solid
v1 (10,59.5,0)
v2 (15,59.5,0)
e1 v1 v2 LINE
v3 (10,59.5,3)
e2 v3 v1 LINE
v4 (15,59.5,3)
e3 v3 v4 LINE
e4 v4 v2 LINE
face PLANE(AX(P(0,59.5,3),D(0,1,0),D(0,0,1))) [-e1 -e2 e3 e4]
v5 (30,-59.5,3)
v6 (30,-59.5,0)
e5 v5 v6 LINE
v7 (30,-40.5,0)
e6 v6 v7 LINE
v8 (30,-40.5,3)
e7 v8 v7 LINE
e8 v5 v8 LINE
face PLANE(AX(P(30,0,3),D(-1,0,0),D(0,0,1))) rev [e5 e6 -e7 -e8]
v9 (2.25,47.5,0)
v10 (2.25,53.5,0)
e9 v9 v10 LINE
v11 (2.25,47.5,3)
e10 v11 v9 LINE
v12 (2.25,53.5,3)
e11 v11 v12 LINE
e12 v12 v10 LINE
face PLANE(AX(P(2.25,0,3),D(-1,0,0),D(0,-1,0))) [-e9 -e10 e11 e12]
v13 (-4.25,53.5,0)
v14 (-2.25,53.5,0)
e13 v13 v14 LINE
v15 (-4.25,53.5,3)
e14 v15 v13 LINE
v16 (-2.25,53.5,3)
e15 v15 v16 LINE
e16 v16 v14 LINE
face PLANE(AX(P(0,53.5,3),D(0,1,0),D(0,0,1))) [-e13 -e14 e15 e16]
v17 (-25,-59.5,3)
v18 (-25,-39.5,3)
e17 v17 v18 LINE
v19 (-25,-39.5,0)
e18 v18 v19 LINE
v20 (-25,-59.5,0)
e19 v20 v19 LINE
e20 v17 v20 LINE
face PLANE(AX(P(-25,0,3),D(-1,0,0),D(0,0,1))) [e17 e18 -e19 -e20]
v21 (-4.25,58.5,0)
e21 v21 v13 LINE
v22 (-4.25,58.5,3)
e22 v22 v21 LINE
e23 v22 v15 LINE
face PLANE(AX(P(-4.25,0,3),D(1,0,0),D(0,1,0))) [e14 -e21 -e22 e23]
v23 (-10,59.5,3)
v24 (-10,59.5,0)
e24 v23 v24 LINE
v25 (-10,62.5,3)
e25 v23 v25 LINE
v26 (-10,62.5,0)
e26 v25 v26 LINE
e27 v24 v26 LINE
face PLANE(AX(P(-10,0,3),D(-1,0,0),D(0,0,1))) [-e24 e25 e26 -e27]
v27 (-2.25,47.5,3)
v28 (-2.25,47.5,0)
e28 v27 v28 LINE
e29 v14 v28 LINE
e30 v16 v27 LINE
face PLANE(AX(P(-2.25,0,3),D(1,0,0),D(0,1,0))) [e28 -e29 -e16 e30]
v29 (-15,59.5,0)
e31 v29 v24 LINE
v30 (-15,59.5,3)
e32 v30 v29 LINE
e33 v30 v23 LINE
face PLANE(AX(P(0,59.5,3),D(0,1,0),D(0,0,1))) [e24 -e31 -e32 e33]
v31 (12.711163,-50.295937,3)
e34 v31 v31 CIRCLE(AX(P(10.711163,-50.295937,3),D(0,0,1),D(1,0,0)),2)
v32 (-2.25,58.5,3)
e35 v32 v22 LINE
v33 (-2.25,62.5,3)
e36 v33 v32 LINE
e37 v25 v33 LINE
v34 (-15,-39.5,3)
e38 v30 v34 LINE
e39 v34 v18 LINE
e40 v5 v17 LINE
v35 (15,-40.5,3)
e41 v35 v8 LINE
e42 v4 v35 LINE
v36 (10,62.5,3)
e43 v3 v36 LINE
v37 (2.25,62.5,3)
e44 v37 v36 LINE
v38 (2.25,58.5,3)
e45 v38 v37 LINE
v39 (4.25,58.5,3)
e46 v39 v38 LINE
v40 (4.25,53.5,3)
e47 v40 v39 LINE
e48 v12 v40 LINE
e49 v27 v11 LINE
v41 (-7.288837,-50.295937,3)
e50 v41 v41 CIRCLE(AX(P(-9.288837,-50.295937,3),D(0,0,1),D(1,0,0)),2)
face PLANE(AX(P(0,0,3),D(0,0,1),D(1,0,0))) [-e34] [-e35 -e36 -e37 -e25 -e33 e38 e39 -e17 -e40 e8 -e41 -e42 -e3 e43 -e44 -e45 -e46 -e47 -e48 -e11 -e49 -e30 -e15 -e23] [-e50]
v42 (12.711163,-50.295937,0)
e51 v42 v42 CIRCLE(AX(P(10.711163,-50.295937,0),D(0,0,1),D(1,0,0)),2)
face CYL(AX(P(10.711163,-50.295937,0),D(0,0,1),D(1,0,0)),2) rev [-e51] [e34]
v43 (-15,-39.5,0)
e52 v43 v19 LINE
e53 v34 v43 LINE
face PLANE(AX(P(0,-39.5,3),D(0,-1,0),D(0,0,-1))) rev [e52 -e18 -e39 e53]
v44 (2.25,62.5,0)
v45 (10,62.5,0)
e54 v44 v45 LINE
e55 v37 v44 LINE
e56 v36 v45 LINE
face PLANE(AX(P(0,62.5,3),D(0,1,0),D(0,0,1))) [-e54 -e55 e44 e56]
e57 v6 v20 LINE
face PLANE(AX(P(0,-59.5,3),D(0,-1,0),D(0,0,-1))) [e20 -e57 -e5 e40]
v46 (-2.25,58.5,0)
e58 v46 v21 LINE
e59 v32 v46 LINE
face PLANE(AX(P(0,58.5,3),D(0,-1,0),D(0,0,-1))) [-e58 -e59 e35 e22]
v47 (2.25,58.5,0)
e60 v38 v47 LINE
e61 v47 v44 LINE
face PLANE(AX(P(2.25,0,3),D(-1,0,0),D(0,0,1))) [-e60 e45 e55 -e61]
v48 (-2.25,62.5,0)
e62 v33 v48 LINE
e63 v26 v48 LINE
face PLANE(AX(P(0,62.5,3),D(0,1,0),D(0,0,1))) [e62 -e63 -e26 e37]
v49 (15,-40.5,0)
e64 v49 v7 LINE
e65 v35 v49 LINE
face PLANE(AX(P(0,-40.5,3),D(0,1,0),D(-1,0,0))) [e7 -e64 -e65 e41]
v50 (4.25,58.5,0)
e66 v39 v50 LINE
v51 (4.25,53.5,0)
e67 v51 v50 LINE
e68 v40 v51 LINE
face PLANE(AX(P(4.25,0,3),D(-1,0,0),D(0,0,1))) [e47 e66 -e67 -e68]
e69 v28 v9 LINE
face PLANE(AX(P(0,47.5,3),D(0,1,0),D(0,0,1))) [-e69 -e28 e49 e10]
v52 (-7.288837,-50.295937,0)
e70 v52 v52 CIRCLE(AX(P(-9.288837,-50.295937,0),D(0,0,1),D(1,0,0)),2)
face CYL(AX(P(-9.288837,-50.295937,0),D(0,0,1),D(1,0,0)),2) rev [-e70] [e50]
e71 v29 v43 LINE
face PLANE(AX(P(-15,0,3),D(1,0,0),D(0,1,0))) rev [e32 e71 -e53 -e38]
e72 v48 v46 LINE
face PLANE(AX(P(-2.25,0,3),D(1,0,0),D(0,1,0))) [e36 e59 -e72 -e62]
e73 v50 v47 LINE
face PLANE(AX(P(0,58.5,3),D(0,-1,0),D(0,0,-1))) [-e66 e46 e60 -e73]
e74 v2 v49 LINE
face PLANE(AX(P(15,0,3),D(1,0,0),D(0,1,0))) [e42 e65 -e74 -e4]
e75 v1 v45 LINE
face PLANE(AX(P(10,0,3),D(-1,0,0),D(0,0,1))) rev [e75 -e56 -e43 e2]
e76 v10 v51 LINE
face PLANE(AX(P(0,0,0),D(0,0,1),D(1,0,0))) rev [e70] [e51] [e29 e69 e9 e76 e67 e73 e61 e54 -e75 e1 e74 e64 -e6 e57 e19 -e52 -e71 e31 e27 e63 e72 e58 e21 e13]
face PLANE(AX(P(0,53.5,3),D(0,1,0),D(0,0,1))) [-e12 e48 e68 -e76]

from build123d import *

# Parameters (mm, degrees)
SKETCH_1_W               = 10
SKETCH_1_H               = 20
SKETCH_1_W_2             = 15
SKETCH_1_H_2             = 19
SKETCH_1_W_3             = 7.75
SKETCH_1_H_3             = 3
EXTRUDE_1_DEPTH          = 3
CUT_EXTRUDE_1_DEPTH      = 70.392002421
CUT_EXTRUDE_1_DEPTH_BACK = 70.392002421
SKETCH_2_R               = 2


with BuildPart() as part:
    # 草图1 → 凸台-拉伸1 (new body)
    with BuildSketch(Plane.XY):
        with Locations((-20, -49.5)):
            Rectangle(SKETCH_1_W, SKETCH_1_H)
        with Locations((22.5, -50)):
            Rectangle(SKETCH_1_W_2, SKETCH_1_H_2)
        Polygon((-2.25, 58.5), (-2.25, 59.5), (-10, 59.5), (-15, 59.5), (-15, -39.5), (-15, -59.5), (15, -59.5), (15, -40.5), (15, 59.5), (10, 59.5), (2.25, 59.5), (2.25, 58.5), (4.25, 58.5), (4.25, 53.5), (2.25, 53.5), (2.25, 47.5), (-2.25, 47.5), (-2.25, 53.5), (-4.25, 53.5), (-4.25, 58.5), align=None)
        with Locations((6.125, 61)):
            Rectangle(SKETCH_1_W_3, SKETCH_1_H_3)
        with Locations((-6.125, 61)):
            Rectangle(SKETCH_1_W_3, SKETCH_1_H_3)
    extrude(amount=EXTRUDE_1_DEPTH)

    # 草图2 → 切除-拉伸1 (cut, two sides: drawn at the far end of the back side and taken through both)
    with BuildSketch(Plane.XY.offset(3).offset(-CUT_EXTRUDE_1_DEPTH_BACK)):
        with Locations((-9.288837026, -50.295936885)):
            Circle(SKETCH_2_R)
        with Locations((10.711162974, -50.295936885)):
            Circle(SKETCH_2_R)
    extrude(amount=CUT_EXTRUDE_1_DEPTH + CUT_EXTRUDE_1_DEPTH_BACK, mode=Mode.SUBTRACT)


solid = part.part
